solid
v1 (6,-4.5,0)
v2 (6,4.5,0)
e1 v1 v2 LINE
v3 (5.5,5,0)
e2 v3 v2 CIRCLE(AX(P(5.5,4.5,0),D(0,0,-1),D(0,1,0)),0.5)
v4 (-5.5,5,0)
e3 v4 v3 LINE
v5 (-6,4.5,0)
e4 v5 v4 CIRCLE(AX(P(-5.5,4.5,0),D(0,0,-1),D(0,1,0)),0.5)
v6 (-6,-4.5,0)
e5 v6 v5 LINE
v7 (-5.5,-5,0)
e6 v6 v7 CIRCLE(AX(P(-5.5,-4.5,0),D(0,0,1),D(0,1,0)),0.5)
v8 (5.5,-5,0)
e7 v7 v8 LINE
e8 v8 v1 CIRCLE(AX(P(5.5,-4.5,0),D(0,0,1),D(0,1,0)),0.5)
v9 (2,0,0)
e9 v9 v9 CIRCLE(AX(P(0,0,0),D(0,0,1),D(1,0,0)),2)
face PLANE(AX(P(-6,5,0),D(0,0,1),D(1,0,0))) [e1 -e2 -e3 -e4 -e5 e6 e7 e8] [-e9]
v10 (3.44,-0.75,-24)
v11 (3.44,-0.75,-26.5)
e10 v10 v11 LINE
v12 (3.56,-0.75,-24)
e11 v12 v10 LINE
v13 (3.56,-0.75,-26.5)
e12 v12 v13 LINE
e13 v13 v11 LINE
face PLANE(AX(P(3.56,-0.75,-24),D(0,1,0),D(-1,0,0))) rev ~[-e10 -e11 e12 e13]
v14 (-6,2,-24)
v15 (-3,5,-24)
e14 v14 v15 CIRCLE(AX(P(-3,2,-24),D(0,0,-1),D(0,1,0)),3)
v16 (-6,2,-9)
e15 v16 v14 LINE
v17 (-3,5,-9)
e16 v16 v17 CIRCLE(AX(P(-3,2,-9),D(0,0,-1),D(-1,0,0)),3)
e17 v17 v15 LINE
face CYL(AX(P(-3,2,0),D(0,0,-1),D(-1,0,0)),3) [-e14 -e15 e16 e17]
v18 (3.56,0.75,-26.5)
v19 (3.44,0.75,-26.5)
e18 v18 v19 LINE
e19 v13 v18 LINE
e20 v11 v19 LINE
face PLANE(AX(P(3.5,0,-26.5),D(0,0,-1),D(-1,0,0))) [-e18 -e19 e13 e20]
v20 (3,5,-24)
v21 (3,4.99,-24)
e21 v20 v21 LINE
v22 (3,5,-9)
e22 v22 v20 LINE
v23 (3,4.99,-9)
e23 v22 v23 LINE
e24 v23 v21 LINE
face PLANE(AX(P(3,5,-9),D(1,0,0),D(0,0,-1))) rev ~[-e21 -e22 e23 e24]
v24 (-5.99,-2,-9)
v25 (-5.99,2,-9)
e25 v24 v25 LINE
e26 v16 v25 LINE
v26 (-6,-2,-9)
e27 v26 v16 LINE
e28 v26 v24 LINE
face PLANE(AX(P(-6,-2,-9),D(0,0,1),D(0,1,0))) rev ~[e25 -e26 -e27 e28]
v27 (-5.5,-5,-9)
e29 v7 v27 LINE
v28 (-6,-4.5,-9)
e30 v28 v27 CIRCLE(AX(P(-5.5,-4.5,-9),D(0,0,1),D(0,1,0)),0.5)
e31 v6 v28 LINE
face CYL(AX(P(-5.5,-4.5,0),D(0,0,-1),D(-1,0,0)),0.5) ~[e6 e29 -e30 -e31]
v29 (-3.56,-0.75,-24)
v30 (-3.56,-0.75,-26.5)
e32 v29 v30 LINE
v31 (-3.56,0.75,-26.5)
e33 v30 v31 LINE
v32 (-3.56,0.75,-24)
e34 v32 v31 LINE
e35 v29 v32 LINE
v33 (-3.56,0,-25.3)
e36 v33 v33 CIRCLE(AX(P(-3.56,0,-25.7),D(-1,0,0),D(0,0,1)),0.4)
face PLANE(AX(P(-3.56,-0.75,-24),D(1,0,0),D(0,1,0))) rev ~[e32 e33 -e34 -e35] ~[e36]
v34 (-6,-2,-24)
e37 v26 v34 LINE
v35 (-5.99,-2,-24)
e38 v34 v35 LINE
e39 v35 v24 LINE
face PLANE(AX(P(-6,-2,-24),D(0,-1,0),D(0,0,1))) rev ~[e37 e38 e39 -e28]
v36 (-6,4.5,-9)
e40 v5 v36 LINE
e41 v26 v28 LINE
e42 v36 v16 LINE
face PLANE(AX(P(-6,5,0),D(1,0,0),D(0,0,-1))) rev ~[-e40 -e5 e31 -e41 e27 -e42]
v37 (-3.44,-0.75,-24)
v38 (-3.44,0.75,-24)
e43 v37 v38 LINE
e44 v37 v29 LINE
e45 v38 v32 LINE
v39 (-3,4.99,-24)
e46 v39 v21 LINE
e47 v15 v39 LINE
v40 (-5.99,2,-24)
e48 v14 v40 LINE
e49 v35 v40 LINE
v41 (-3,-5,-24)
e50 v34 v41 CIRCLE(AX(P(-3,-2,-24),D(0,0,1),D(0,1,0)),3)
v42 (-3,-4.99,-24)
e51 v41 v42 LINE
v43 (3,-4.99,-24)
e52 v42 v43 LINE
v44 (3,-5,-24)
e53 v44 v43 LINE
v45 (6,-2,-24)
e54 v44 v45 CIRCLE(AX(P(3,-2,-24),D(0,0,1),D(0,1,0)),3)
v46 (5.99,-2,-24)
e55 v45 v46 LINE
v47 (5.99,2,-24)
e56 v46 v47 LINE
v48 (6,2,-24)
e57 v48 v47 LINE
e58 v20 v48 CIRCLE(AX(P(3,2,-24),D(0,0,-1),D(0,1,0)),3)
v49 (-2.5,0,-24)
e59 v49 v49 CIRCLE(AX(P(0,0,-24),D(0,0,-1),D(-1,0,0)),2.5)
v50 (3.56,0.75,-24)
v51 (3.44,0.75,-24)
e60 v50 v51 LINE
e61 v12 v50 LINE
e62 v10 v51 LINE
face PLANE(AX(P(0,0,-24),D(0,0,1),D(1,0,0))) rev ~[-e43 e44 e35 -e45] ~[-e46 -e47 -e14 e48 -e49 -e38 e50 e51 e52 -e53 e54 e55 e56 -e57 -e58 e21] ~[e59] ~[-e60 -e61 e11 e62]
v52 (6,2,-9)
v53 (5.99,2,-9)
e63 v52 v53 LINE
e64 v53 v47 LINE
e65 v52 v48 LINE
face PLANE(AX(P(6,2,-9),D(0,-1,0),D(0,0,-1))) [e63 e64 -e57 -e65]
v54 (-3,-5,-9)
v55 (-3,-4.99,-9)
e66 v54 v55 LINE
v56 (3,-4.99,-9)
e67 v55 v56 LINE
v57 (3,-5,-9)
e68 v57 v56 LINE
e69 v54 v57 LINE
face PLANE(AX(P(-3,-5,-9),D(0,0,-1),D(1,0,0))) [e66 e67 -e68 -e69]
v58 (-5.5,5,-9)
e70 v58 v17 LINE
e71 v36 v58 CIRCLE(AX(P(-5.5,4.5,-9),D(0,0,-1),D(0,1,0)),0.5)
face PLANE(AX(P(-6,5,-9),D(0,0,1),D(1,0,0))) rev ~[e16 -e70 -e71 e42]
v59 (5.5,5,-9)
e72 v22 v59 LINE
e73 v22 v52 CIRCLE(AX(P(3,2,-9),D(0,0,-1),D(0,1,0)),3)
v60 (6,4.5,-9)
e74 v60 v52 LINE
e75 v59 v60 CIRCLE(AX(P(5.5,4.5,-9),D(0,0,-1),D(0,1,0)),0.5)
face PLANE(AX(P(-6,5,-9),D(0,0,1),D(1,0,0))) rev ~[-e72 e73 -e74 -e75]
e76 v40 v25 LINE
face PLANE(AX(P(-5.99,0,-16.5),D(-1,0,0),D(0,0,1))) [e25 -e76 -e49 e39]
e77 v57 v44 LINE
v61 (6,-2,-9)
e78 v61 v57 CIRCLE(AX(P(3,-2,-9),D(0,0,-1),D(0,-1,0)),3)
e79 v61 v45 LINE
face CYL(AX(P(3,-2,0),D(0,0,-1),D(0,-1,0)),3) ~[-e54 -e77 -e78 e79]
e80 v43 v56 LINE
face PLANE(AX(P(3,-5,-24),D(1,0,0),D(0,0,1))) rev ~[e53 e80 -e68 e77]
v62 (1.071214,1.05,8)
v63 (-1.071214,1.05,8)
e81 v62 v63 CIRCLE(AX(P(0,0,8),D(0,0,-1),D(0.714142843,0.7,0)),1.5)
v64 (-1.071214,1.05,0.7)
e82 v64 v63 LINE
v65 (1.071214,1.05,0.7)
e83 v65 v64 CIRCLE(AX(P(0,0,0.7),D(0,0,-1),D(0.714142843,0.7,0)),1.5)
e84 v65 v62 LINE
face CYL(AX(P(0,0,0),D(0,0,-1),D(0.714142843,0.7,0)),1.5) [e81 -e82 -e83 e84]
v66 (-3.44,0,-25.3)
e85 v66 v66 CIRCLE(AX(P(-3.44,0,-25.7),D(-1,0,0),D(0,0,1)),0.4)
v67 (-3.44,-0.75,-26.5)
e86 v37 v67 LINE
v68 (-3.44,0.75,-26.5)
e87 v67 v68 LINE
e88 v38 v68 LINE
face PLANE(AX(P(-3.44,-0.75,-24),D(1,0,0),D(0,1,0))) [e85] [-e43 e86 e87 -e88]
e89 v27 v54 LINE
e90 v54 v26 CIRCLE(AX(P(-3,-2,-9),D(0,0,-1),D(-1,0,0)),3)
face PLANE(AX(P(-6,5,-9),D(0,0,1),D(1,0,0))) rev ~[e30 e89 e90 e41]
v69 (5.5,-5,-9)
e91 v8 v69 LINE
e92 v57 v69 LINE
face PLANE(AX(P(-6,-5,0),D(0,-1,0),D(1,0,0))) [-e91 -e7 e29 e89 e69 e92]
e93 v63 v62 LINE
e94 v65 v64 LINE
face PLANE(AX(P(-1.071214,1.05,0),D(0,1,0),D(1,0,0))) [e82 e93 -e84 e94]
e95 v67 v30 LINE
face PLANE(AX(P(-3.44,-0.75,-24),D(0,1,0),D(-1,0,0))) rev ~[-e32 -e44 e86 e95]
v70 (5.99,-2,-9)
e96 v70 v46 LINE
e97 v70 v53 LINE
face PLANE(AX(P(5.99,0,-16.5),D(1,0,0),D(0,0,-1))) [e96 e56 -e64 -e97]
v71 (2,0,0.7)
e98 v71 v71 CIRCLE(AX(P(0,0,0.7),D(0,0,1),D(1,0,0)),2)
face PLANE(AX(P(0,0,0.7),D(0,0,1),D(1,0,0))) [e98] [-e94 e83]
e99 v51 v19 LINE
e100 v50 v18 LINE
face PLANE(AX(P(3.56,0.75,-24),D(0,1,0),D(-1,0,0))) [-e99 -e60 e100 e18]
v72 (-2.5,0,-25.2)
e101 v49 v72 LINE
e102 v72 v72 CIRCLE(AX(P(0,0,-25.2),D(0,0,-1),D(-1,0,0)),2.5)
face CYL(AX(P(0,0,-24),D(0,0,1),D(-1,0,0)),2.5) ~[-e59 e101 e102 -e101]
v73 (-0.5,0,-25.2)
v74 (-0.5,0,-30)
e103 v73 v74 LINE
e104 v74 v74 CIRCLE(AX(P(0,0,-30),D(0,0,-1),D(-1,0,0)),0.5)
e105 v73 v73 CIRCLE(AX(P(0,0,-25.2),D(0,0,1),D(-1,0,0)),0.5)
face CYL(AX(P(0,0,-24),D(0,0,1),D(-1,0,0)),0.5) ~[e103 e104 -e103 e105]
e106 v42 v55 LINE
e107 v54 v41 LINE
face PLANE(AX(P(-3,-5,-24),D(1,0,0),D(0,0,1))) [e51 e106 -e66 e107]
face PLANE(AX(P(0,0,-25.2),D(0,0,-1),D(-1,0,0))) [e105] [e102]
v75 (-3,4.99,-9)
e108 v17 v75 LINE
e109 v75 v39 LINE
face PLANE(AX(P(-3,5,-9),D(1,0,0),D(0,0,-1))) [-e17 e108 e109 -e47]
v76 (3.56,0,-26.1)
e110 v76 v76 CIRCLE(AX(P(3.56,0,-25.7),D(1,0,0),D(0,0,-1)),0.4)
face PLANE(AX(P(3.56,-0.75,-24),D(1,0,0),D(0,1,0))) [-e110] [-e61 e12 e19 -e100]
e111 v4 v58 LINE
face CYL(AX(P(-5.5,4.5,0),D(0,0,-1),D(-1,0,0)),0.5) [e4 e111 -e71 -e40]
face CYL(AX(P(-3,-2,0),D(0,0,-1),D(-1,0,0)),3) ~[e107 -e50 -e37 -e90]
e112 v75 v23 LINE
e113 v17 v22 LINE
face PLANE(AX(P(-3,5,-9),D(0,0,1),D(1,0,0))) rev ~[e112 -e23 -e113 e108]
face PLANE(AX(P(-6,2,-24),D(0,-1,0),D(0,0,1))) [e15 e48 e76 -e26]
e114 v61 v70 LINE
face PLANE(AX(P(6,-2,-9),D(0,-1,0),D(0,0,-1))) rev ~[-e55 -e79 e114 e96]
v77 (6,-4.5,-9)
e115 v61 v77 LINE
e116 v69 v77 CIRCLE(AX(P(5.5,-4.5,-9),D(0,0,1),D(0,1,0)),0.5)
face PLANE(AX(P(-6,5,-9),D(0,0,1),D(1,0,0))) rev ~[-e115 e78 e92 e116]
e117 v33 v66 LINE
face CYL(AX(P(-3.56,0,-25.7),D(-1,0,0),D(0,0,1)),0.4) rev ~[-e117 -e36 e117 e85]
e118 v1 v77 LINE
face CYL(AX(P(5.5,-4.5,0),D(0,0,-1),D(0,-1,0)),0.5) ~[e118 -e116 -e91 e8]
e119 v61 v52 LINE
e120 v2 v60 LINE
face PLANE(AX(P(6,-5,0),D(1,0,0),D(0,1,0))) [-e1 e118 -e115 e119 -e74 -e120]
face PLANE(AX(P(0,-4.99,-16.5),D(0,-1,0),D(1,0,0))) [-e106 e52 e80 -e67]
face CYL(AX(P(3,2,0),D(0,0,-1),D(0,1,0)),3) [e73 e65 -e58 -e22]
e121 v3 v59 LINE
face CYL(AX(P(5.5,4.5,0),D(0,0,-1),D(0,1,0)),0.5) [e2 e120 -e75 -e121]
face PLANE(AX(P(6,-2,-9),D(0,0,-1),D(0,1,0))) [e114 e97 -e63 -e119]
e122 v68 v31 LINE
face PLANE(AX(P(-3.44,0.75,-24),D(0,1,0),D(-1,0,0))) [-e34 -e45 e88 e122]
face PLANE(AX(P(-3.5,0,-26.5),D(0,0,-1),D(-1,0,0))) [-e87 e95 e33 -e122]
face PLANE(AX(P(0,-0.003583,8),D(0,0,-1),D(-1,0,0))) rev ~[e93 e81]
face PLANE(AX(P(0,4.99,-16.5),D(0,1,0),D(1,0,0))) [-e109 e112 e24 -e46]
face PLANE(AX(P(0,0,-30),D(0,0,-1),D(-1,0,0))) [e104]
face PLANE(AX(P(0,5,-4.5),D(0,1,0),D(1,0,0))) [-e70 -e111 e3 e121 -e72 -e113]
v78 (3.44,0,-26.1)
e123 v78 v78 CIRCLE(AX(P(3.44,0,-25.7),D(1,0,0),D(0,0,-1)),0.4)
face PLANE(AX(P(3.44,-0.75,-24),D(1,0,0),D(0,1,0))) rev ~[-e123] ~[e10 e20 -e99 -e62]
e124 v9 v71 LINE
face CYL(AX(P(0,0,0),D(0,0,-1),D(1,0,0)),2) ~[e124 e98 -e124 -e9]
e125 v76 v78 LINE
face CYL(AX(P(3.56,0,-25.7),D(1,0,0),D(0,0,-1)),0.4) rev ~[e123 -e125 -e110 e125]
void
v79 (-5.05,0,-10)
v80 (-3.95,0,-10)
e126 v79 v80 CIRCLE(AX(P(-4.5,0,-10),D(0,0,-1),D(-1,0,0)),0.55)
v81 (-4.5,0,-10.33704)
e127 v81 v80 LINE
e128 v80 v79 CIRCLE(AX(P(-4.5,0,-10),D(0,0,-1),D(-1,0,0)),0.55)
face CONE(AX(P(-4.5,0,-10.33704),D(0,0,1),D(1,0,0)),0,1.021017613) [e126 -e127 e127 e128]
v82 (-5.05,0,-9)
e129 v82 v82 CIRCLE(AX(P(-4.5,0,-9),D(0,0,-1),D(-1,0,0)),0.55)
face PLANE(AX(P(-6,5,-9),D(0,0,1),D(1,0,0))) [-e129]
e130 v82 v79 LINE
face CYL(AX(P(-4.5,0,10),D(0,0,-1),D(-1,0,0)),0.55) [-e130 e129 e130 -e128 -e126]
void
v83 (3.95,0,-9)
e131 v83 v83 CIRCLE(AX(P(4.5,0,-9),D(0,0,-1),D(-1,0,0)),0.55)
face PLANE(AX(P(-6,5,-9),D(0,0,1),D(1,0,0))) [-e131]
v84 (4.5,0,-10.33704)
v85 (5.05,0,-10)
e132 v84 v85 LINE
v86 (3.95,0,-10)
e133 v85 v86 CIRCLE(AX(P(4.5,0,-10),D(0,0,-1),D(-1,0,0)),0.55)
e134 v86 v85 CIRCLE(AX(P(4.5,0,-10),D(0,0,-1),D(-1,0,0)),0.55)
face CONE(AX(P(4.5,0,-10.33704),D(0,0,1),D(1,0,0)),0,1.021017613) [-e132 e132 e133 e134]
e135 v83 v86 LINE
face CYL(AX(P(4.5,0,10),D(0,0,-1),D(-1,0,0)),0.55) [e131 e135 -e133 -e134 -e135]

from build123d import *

# Parameters (mm, degrees)
TOP_W                                     = 12
TOP_H                                     = 10
PRECISION_MICRODRIVES_MODEL_212_109_DEPTH = 24
TOP_RING_2_R                              = 2
TOP_RING_DEPTH                            = 0.7
HOLE_WIZARD_M1_1_D                        = 1.1
HOLE_WIZARD_M1_1_DEPTH                    = 10
HOLE_WIZARD_M1_1_TIP                      = 0.337040433
HOLE_WIZARD_M1_2_D                        = 1.1
HOLE_WIZARD_M1_2_DEPTH                    = 10
HOLE_WIZARD_M1_2_TIP                      = 0.337040433
D_SHAFT_DEPTH                             = 8
VERRUNDUNG1_R                             = 3
SKIZZE12_R                                = 2.5
BOTTOM_DEPTH                              = 1.2
SKIZZE13_R                                = 0.5
BOLT_DEPTH                                = 6
SKIZZE14_W                                = 0.12
SKIZZE14_H                                = 1.5
FLAPS_DEPTH                               = 2.5
FLAP1_CUT_REACH                           = 33.881
SKIZZE15_R                                = 0.4
FLAP2_CUT_REACH                           = 33.881
SKIZZE16_R                                = 0.4
SKIZZE21_W                                = 12
SKIZZE21_H                                = 9
AUFSATZ_LINEAR_AUSTRAGEN2_DEPTH           = 10
SKIZZE22_W                                = 6
SKIZZE22_H                                = 15
SCHNITT_LINEAR_AUSTRAGEN3_DEPTH           = 0.01
SKIZZE23_W                                = 15
SKIZZE23_H                                = 4
SCHNITT_LINEAR_AUSTRAGEN4_DEPTH           = 0.01
SKIZZE24_W                                = 6
SKIZZE24_H                                = 15
SCHNITT_LINEAR_AUSTRAGEN5_DEPTH           = 0.01
SKIZZE25_W                                = 15
SKIZZE25_H                                = 4
SCHNITT_LINEAR_AUSTRAGEN6_DEPTH           = 0.01
VERRUNDUNG2_R                             = 0.5


with BuildPart() as part:
    # top → Precision Microdrives Model 212-109 (new body)
    with BuildSketch(Plane.XY):
        Rectangle(TOP_W, TOP_H)
    extrude(amount=-PRECISION_MICRODRIVES_MODEL_212_109_DEPTH)

    # top ring 2 → top-ring (add)
    with BuildSketch(Plane.XY):
        Circle(TOP_RING_2_R)
    extrude(amount=TOP_RING_DEPTH)

    # Hole Wizard M1-1
    with Locations(Plane.XY):
        with Locations((-4.5, 0)):
            Hole(HOLE_WIZARD_M1_1_D / 2, depth=HOLE_WIZARD_M1_1_DEPTH)
            with Locations((0, 0, -(HOLE_WIZARD_M1_1_DEPTH + HOLE_WIZARD_M1_1_TIP / 2))):  # 117° drill point
                Cone(0, HOLE_WIZARD_M1_1_D / 2, HOLE_WIZARD_M1_1_TIP, mode=Mode.SUBTRACT)

    # Hole Wizard M1-2
    with Locations(Plane.XY):
        with Locations((4.5, 0)):
            Hole(HOLE_WIZARD_M1_2_D / 2, depth=HOLE_WIZARD_M1_2_DEPTH)
            with Locations((0, 0, -(HOLE_WIZARD_M1_2_DEPTH + HOLE_WIZARD_M1_2_TIP / 2))):  # 117° drill point
                Cone(0, HOLE_WIZARD_M1_2_D / 2, HOLE_WIZARD_M1_2_TIP, mode=Mode.SUBTRACT)

    # Skizze11 → D-Shaft (add)
    with BuildSketch(Plane.XY):
        with BuildLine():
            Line((-1.071214264, 1.05), (1.071214264, 1.05))
            ThreePointArc((1.071214264, 1.05), (0, -1.5), (-1.071214264, 1.05))
        make_face()
    extrude(amount=D_SHAFT_DEPTH)

    # Verrundung1
    verrundung1_edges = [part.edges().sort_by_distance(p)[0] for p in [
        (-6, 5, -12),
        (6, 5, -12),
        (6, -5, -12),
        (-6, -5, -12),
    ]]
    fillet(verrundung1_edges, radius=VERRUNDUNG1_R)

    # Skizze12 → bottom (add)
    with BuildSketch(Plane(origin=(0, 0, -24), x_dir=(-1, 0, 0), z_dir=(0, 0, -1))):
        Circle(SKIZZE12_R)
    extrude(amount=BOTTOM_DEPTH)

    # Skizze13 → bolt (add)
    with BuildSketch(Plane(origin=(0, 0, -24), x_dir=(-1, 0, 0), z_dir=(0, 0, -1))):
        Circle(SKIZZE13_R)
    extrude(amount=BOLT_DEPTH)

    # Skizze14 → flaps (add)
    with BuildSketch(Plane(origin=(0, 0, -24), x_dir=(-1, 0, 0), z_dir=(0, 0, -1))):
        with Locations((-3.5, 0)):
            Rectangle(SKIZZE14_W, SKIZZE14_H)
        with Locations((3.5, 0)):
            Rectangle(SKIZZE14_W, SKIZZE14_H)
    extrude(amount=FLAPS_DEPTH)

    # Skizze15 → flap1-cut (cut, up to next)
    with BuildSketch(Plane.ZY.offset(3.56), mode=Mode.PRIVATE) as flap1_cut_sk1:
        with Locations((-25.7, 0)):
            Circle(SKIZZE15_R)
    flap1_cut_tool1 = extrude(flap1_cut_sk1.sketch, amount=-FLAP1_CUT_REACH, mode=Mode.PRIVATE) & part.part
    add(flap1_cut_tool1.solids().sort_by_distance((-3.56, 0, -25.7))[0], mode=Mode.SUBTRACT)

    # Skizze16 → flap2-cut (cut, up to next)
    with BuildSketch(Plane(origin=(3.56, 0, 0), x_dir=(0, 0, -1), z_dir=(1, 0, 0)), mode=Mode.PRIVATE) as flap2_cut_sk1:
        with Locations((25.7, 0)):
            Circle(SKIZZE16_R)
    flap2_cut_tool1 = extrude(flap2_cut_sk1.sketch, amount=-FLAP2_CUT_REACH, mode=Mode.PRIVATE) & part.part
    add(flap2_cut_tool1.solids().sort_by_distance((3.56, 0, -25.7))[0], mode=Mode.SUBTRACT)

    # Skizze21 → Aufsatz-Linear austragen2 (add)
    with BuildSketch(Plane(origin=(0, 5, 0), x_dir=(1, 0, 0), z_dir=(0, 1, 0))):
        with Locations((0, 4.5)):
            Rectangle(SKIZZE21_W, SKIZZE21_H)
    extrude(amount=-AUFSATZ_LINEAR_AUSTRAGEN2_DEPTH)

    # Skizze22 → Schnitt-Linear austragen3 (cut)
    with BuildSketch(Plane.XZ.offset(5)):
        with Locations((0, -16.5)):
            Rectangle(SKIZZE22_W, SKIZZE22_H)
    extrude(amount=-SCHNITT_LINEAR_AUSTRAGEN3_DEPTH, mode=Mode.SUBTRACT)

    # Skizze23 → Schnitt-Linear austragen4 (cut)
    with BuildSketch(Plane(origin=(6, 0, 0), x_dir=(0, 0, -1), z_dir=(1, 0, 0))):
        with Locations((16.5, 0)):
            Rectangle(SKIZZE23_W, SKIZZE23_H)
    extrude(amount=-SCHNITT_LINEAR_AUSTRAGEN4_DEPTH, mode=Mode.SUBTRACT)

    # Skizze24 → Schnitt-Linear austragen5 (cut)
    with BuildSketch(Plane(origin=(0, 5, 0), x_dir=(1, 0, 0), z_dir=(0, 1, 0))):
        with Locations((0, 16.5)):
            Rectangle(SKIZZE24_W, SKIZZE24_H)
    extrude(amount=-SCHNITT_LINEAR_AUSTRAGEN5_DEPTH, mode=Mode.SUBTRACT)

    # Skizze25 → Schnitt-Linear austragen6 (cut)
    with BuildSketch(Plane.ZY.offset(6)):
        with Locations((-16.5, 0)):
            Rectangle(SKIZZE25_W, SKIZZE25_H)
    extrude(amount=-SCHNITT_LINEAR_AUSTRAGEN6_DEPTH, mode=Mode.SUBTRACT)

    # Verrundung2
    verrundung2_edges = [part.edges().sort_by_distance(p)[0] for p in [
        (-6, -5, -4.5),
        (6, -5, -4.5),
        (6, 5, -4.5),
        (-6, 5, -4.5),
    ]]
    fillet(verrundung2_edges, radius=VERRUNDUNG2_R)


solid = part.part
